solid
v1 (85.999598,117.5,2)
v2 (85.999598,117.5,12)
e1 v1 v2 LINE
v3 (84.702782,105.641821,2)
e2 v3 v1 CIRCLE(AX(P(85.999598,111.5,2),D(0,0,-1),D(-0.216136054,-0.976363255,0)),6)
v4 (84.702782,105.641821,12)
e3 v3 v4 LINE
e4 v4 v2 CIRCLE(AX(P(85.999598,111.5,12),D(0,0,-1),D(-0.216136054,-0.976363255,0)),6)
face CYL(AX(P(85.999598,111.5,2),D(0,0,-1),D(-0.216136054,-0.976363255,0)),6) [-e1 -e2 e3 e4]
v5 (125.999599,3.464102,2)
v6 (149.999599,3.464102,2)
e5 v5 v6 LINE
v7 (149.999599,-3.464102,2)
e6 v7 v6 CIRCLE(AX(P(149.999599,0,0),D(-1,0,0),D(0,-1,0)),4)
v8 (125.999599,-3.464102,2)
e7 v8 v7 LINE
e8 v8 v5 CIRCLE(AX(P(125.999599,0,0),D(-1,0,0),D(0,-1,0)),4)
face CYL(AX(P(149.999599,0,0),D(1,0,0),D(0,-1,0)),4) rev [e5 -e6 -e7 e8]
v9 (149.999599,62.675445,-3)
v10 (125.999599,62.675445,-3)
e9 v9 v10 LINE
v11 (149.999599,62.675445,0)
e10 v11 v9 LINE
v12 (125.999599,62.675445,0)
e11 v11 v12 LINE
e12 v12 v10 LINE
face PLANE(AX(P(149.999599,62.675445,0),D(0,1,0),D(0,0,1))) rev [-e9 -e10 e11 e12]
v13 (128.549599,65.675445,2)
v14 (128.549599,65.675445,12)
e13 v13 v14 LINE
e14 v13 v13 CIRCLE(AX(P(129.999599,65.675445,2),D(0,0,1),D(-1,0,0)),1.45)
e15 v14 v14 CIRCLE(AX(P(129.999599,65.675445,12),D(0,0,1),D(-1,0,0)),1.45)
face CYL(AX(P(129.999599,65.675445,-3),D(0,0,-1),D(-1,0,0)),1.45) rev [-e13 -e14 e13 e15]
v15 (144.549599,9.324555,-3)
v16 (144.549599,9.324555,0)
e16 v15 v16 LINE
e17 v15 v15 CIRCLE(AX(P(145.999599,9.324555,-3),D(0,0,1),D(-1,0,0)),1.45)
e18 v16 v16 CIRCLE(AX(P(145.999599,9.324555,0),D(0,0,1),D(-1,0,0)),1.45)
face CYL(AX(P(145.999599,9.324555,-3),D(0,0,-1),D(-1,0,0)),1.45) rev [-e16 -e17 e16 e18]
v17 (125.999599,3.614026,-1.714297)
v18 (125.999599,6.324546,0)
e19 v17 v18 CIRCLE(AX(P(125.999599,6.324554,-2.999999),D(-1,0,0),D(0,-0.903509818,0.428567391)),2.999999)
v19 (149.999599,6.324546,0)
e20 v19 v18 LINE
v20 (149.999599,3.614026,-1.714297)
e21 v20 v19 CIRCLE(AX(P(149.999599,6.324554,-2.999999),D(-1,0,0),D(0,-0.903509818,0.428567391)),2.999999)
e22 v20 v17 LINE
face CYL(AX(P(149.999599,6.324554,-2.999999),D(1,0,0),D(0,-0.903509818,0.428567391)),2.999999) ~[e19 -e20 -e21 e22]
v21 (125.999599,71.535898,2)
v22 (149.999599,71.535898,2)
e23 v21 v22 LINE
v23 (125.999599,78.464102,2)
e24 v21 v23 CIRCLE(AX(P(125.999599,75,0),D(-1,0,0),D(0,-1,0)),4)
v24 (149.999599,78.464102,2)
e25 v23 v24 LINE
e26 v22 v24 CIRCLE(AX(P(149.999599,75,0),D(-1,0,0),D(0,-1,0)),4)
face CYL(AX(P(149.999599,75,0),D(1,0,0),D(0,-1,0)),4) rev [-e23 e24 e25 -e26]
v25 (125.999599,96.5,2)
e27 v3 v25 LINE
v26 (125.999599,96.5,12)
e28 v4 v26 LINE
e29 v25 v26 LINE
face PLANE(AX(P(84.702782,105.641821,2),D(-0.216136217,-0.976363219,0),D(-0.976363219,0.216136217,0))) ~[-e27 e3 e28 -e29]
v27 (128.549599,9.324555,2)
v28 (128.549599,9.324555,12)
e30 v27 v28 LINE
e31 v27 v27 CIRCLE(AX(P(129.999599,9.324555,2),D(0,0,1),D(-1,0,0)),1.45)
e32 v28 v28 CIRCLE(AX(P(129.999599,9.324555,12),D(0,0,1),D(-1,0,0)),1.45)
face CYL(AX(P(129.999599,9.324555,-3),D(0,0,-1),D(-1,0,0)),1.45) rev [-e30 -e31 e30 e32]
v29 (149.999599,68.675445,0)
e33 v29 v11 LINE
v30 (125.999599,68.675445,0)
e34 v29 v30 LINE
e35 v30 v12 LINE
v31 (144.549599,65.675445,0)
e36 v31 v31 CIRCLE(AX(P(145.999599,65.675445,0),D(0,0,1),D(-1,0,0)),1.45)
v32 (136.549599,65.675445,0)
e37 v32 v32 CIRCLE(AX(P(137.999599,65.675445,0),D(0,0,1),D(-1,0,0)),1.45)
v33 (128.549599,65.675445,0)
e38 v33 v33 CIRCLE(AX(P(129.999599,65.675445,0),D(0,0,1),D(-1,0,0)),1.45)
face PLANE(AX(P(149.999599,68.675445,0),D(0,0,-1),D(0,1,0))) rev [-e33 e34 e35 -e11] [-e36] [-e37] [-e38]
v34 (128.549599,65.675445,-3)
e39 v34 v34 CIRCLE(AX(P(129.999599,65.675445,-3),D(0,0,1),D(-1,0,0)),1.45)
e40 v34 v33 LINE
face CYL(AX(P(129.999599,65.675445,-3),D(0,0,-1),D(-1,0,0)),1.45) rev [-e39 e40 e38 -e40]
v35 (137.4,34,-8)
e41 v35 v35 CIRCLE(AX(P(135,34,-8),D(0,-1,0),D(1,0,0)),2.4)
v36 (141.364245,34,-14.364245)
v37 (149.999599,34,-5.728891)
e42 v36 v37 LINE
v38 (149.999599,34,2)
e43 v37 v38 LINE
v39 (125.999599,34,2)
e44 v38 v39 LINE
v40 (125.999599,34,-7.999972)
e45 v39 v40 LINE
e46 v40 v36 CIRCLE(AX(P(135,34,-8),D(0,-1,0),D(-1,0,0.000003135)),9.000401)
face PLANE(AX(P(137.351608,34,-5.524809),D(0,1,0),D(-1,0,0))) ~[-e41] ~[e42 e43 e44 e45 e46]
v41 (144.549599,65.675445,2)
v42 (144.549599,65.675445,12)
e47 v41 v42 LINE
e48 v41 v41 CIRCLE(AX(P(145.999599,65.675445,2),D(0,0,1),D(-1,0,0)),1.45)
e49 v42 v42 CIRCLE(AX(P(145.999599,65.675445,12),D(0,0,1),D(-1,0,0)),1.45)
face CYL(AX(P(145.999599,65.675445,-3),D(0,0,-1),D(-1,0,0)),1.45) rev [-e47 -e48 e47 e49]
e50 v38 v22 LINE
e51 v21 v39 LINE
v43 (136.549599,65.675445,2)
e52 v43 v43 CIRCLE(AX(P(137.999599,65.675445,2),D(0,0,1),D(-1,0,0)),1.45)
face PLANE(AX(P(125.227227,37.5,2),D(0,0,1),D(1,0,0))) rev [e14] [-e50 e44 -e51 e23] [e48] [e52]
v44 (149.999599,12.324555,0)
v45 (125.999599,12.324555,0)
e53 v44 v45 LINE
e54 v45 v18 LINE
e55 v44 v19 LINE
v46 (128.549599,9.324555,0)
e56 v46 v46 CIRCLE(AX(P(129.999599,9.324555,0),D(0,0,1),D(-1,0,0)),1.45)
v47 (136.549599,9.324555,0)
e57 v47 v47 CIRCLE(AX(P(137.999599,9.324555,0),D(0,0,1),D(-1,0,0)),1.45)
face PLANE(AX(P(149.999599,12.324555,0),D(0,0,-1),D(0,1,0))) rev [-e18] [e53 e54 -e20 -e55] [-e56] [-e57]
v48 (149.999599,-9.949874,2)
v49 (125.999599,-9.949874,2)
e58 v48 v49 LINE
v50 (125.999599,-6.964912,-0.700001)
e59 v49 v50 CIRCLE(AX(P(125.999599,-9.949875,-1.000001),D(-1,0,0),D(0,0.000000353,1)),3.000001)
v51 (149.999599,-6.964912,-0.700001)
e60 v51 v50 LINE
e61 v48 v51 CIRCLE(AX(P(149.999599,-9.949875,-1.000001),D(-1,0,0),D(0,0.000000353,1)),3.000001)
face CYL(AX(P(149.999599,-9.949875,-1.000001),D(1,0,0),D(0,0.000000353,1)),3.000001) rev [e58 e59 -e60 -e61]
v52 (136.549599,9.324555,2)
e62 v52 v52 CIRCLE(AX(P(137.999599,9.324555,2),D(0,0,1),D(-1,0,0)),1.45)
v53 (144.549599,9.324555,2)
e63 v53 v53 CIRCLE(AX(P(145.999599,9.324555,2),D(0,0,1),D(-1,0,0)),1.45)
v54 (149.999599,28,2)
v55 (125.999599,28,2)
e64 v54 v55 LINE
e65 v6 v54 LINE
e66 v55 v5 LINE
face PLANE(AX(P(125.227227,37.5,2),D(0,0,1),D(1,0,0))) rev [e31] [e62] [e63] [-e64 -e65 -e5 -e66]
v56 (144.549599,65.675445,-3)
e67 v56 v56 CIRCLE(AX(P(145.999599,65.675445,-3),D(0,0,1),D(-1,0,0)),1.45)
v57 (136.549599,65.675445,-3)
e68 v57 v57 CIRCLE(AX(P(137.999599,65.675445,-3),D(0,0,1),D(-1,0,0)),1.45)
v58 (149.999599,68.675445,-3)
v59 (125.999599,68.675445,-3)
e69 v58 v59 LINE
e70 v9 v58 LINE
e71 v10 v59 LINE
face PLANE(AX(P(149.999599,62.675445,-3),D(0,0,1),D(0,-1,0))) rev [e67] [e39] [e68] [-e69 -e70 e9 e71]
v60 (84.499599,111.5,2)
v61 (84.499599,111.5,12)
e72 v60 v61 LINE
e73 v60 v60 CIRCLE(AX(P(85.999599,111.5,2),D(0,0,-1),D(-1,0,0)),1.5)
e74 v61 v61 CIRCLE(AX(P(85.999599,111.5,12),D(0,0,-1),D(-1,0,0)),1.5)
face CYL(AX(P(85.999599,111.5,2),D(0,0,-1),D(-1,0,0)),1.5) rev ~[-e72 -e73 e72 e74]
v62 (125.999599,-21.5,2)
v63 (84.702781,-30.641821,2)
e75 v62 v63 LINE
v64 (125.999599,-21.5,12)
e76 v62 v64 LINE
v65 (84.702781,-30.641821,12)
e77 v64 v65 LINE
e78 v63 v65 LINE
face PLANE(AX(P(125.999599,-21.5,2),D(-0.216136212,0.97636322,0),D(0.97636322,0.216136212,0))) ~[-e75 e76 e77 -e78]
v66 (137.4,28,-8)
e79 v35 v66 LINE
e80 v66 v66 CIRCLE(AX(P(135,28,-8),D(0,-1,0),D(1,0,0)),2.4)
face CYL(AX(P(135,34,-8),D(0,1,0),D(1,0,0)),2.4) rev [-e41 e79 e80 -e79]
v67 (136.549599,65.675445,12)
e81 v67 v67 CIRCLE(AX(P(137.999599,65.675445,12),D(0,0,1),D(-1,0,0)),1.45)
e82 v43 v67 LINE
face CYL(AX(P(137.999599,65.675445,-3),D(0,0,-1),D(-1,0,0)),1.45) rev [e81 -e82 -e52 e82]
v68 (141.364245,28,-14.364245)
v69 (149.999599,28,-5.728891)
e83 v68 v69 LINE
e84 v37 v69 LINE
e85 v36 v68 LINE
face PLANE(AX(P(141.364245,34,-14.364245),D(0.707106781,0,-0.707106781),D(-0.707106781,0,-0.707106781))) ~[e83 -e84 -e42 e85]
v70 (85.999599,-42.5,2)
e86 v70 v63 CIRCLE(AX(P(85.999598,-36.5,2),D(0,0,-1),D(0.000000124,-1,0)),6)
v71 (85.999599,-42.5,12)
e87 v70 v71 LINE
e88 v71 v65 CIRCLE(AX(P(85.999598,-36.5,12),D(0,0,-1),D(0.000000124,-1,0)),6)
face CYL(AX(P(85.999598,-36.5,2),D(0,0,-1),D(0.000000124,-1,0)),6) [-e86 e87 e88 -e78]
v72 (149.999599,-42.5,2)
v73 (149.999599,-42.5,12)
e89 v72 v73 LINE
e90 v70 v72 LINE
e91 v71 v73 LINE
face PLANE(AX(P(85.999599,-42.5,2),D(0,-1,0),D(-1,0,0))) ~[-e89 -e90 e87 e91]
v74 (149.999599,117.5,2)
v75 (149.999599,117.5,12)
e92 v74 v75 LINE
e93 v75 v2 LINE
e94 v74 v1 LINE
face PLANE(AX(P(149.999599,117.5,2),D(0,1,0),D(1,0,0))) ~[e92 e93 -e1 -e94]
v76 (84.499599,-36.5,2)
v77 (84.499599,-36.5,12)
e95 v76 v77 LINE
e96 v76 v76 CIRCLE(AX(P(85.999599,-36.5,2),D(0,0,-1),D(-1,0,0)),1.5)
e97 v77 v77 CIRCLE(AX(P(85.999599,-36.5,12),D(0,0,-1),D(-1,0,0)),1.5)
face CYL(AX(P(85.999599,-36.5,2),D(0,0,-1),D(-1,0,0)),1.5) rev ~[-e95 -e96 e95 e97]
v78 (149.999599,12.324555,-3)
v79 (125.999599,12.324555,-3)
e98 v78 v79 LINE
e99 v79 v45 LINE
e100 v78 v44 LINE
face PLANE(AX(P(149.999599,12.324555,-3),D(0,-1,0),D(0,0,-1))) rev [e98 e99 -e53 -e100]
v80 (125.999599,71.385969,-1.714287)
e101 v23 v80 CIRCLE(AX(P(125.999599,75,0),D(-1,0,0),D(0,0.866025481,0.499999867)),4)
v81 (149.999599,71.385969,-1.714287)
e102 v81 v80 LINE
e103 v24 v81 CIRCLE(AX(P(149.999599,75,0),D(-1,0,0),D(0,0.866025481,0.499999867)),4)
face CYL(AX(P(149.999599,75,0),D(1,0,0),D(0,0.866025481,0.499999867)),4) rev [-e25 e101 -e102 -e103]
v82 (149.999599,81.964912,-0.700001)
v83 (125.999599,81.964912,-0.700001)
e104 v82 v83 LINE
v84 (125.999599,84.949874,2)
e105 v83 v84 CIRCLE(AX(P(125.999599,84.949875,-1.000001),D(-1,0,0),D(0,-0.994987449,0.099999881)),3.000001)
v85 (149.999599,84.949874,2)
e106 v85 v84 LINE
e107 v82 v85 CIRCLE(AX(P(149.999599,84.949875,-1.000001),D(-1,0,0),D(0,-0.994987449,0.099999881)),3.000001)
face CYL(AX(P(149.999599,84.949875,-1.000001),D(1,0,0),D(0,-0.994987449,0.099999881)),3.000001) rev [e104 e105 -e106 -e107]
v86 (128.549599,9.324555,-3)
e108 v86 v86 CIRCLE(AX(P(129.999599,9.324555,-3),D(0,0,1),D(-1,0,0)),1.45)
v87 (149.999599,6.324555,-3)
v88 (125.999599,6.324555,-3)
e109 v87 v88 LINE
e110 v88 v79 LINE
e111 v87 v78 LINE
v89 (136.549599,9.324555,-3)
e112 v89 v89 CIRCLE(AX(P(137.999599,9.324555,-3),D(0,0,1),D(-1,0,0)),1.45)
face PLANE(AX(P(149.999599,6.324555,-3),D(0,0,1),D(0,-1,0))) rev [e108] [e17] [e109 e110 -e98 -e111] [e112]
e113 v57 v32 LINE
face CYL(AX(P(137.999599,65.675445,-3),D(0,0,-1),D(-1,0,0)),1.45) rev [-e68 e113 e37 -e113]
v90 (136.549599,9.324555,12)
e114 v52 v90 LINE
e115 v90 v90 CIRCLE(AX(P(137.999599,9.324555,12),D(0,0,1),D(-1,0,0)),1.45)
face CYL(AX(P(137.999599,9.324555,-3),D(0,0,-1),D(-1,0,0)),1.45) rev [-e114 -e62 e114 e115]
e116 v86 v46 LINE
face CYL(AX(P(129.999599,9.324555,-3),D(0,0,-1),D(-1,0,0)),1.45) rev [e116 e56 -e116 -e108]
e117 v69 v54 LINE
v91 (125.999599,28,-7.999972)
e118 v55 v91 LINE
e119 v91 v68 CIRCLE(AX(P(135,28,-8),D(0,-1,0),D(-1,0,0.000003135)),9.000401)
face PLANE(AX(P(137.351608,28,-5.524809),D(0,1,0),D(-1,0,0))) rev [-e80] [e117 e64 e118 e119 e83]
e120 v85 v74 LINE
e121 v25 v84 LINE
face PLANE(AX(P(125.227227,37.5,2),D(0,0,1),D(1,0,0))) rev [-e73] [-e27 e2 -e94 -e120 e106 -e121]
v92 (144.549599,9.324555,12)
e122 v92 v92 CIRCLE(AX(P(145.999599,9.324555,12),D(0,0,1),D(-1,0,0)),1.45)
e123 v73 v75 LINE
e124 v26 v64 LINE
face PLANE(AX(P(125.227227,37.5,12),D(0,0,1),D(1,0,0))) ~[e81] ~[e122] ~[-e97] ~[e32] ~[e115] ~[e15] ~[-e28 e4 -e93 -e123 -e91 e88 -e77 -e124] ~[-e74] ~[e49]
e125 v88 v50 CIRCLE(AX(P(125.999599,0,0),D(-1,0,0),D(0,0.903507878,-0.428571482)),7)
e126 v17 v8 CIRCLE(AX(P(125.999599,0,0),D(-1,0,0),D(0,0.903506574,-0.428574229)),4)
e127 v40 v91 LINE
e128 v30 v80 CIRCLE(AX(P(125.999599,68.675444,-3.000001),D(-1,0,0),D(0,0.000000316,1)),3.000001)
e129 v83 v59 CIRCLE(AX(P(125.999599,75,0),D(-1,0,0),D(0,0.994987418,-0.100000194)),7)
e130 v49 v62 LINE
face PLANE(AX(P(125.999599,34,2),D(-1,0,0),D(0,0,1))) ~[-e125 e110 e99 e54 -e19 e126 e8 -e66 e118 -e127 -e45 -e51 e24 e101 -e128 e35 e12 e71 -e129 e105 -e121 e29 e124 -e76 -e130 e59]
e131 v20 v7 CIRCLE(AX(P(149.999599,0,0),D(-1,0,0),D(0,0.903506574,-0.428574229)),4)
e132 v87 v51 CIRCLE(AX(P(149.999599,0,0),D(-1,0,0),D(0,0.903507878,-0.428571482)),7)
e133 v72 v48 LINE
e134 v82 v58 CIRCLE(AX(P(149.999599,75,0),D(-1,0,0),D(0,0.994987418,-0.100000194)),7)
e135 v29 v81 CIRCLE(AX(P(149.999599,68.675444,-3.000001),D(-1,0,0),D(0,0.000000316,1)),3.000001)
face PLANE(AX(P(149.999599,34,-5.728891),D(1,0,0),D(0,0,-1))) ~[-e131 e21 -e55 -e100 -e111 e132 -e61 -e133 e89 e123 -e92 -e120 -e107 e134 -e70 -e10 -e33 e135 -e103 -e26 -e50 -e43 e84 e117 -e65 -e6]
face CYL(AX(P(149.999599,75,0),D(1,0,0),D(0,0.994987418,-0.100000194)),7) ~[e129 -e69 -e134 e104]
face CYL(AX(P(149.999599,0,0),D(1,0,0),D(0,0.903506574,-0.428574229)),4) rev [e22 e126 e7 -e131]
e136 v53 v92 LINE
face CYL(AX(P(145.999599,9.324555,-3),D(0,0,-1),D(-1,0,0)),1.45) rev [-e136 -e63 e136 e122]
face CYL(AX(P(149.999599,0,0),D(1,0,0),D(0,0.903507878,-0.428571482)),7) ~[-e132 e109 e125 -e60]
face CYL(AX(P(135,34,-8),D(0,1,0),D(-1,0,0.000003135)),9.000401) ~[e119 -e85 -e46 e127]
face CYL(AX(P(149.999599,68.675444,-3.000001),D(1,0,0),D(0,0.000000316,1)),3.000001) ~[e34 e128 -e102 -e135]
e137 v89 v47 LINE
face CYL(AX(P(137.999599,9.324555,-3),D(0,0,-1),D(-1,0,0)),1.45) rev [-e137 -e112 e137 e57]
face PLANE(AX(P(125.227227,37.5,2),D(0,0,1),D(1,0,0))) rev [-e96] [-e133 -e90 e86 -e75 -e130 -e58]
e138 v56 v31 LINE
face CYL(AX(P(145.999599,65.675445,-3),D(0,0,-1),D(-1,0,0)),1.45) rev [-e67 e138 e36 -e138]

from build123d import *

# Parameters (mm, degrees)
SKETCH016_R        = 1.5
PAD011_DEPTH       = 10
SKETCH018_R        = 4
POCKET006005_DEPTH = 70.001
SKETCH019_W        = 2.985647
SKETCH019_H        = 2.199577
PAD012_DEPTH       = 24
SKETCH020_R        = 2.4
PAD013_DEPTH       = 6
SKETCH021_R        = 1.45
POCKET006006_DEPTH = 15.001


with BuildPart() as pocket006006:
    # Sketch016 → Pad011 (new body)
    with BuildSketch(Plane.XY.offset(2)):
        with BuildLine():
            ThreePointArc((-84.702782, 105.641821), (-80.035159, 112.152274), (-85.999598, 117.5))
            Line((-149.999599, 117.5), (-85.999598, 117.5))
            Line((-149.999599, -42.5), (-149.999599, 117.5))
            Line((-85.999599, -42.5), (-149.999599, -42.5))
            ThreePointArc((-85.999599, -42.5), (-80.035159, -37.152275), (-84.702781, -30.641821))
            Line((-125.999599, -21.5), (-84.702781, -30.641821))
            Line((-125.999599, 96.5), (-125.999599, -21.5))
            Line((-84.702782, 105.641821), (-125.999599, 96.5))
        make_face()
        with Locations((-85.999599, 111.5)):
            Circle(SKETCH016_R, mode=Mode.SUBTRACT)
        with Locations((-85.999599, -36.5)):
            Circle(SKETCH016_R, mode=Mode.SUBTRACT)
    extrude(amount=PAD011_DEPTH)

    # Sketch018 → Pocket006005 (cut, through all)
    with BuildSketch(Plane(origin=(-149.999599, 0, 2), x_dir=(0, -1, 0), z_dir=(-1, 0, 0))):
        with Locations((-75, -2)):
            Circle(SKETCH018_R)
        with Locations((0, -2)):
            Circle(SKETCH018_R)
    extrude(amount=-POCKET006005_DEPTH, mode=Mode.SUBTRACT)

    # Sketch019 → Pad012 (new body)
    with BuildSketch(Plane(origin=(-149.999599, 0, 2), x_dir=(0, -1, 0), z_dir=(-1, 0, 0))):
        with BuildLine():
            ThreePointArc((-3.614026, -3.714297), (1.858661, -5.541946), (3.464102, 0))
            Line((3.464102, 0), (9.949874, 0))
            ThreePointArc((9.949874, 0), (7.937413, -0.775141), (6.964912, -2.700001))
            ThreePointArc((-6.324555, -5), (1.193739, -8.897462), (6.964912, -2.700001))
            Line((-6.324555, -5), (-12.324555, -5))
            Line((-12.324555, -5), (-12.324555, -2))
            Line((-12.324555, -2), (-6.324546, -2))
            ThreePointArc((-3.614026, -3.714297), (-4.720978, -2.464543), (-6.324546, -2))
        make_face()
        with BuildLine():
            ThreePointArc((-78.464102, 0), (-76.858656, -5.541948), (-71.385969, -3.714287))
            ThreePointArc((-68.675445, -2), (-70.279013, -2.464538), (-71.385969, -3.714287))
            Line((-68.675445, -2), (-62.675445, -2))
            Line((-62.675445, -2), (-62.675445, -5))
            Line((-62.675445, -5), (-68.675445, -5))
            ThreePointArc((-81.964912, -2.700001), (-76.193739, -8.897462), (-68.675445, -5))
            ThreePointArc((-81.964912, -2.700001), (-82.937413, -0.775141), (-84.949874, 0))
            Line((-84.949874, 0), (-78.464102, 0))
        make_face()
        with Locations((-32.507176, -1.099789)):
            Rectangle(SKETCH019_W, SKETCH019_H)
    extrude(amount=-PAD012_DEPTH)

    # Sketch020 → Pad013 (new body)
    with BuildSketch(Plane(origin=(0, 34, 2), x_dir=(-1, 0, 0), z_dir=(0, 1, 0))):
        with BuildLine():
            Line((149.999599, 0), (125.999599, 0))
            Line((125.999599, 0), (125.999599, -9.999972))
            ThreePointArc((125.999599, -9.999972), (131.555682, -18.315281), (141.364245, -16.364245))
            Line((141.364245, -16.364245), (149.999599, -7.728891))
            Line((149.999599, -7.728891), (149.999599, 0))
        make_face()
        with Locations((135, -10)):
            Circle(SKETCH020_R, mode=Mode.SUBTRACT)
    extrude(amount=-PAD013_DEPTH)

    # Sketch021 → Pocket006006 (cut, through all)
    with BuildSketch(Plane(origin=(0, 0, -3), x_dir=(1, 0, 0), z_dir=(0, 0, -1))):
        with Locations((-145.999599, -9.324555)):
            Circle(SKETCH021_R)
        with Locations((-137.999599, -9.324555)):
            Circle(SKETCH021_R)
        with Locations((-129.999599, -9.324555)):
            Circle(SKETCH021_R)
        with Locations((-145.999599, -65.675445)):
            Circle(SKETCH021_R)
        with Locations((-137.999599, -65.675445)):
            Circle(SKETCH021_R)
        with Locations((-129.999599, -65.675445)):
            Circle(SKETCH021_R)
    extrude(amount=-POCKET006006_DEPTH, mode=Mode.SUBTRACT)


with BuildPart() as part_mirroring:
    # Part__Mirroring: instance of Pocket006006
    add(pocket006006.part.mirror(Plane(origin=(0, 0, 0), x_dir=(0, -1, 0), z_dir=(1, 0, 0))))


solid = part_mirroring.part
